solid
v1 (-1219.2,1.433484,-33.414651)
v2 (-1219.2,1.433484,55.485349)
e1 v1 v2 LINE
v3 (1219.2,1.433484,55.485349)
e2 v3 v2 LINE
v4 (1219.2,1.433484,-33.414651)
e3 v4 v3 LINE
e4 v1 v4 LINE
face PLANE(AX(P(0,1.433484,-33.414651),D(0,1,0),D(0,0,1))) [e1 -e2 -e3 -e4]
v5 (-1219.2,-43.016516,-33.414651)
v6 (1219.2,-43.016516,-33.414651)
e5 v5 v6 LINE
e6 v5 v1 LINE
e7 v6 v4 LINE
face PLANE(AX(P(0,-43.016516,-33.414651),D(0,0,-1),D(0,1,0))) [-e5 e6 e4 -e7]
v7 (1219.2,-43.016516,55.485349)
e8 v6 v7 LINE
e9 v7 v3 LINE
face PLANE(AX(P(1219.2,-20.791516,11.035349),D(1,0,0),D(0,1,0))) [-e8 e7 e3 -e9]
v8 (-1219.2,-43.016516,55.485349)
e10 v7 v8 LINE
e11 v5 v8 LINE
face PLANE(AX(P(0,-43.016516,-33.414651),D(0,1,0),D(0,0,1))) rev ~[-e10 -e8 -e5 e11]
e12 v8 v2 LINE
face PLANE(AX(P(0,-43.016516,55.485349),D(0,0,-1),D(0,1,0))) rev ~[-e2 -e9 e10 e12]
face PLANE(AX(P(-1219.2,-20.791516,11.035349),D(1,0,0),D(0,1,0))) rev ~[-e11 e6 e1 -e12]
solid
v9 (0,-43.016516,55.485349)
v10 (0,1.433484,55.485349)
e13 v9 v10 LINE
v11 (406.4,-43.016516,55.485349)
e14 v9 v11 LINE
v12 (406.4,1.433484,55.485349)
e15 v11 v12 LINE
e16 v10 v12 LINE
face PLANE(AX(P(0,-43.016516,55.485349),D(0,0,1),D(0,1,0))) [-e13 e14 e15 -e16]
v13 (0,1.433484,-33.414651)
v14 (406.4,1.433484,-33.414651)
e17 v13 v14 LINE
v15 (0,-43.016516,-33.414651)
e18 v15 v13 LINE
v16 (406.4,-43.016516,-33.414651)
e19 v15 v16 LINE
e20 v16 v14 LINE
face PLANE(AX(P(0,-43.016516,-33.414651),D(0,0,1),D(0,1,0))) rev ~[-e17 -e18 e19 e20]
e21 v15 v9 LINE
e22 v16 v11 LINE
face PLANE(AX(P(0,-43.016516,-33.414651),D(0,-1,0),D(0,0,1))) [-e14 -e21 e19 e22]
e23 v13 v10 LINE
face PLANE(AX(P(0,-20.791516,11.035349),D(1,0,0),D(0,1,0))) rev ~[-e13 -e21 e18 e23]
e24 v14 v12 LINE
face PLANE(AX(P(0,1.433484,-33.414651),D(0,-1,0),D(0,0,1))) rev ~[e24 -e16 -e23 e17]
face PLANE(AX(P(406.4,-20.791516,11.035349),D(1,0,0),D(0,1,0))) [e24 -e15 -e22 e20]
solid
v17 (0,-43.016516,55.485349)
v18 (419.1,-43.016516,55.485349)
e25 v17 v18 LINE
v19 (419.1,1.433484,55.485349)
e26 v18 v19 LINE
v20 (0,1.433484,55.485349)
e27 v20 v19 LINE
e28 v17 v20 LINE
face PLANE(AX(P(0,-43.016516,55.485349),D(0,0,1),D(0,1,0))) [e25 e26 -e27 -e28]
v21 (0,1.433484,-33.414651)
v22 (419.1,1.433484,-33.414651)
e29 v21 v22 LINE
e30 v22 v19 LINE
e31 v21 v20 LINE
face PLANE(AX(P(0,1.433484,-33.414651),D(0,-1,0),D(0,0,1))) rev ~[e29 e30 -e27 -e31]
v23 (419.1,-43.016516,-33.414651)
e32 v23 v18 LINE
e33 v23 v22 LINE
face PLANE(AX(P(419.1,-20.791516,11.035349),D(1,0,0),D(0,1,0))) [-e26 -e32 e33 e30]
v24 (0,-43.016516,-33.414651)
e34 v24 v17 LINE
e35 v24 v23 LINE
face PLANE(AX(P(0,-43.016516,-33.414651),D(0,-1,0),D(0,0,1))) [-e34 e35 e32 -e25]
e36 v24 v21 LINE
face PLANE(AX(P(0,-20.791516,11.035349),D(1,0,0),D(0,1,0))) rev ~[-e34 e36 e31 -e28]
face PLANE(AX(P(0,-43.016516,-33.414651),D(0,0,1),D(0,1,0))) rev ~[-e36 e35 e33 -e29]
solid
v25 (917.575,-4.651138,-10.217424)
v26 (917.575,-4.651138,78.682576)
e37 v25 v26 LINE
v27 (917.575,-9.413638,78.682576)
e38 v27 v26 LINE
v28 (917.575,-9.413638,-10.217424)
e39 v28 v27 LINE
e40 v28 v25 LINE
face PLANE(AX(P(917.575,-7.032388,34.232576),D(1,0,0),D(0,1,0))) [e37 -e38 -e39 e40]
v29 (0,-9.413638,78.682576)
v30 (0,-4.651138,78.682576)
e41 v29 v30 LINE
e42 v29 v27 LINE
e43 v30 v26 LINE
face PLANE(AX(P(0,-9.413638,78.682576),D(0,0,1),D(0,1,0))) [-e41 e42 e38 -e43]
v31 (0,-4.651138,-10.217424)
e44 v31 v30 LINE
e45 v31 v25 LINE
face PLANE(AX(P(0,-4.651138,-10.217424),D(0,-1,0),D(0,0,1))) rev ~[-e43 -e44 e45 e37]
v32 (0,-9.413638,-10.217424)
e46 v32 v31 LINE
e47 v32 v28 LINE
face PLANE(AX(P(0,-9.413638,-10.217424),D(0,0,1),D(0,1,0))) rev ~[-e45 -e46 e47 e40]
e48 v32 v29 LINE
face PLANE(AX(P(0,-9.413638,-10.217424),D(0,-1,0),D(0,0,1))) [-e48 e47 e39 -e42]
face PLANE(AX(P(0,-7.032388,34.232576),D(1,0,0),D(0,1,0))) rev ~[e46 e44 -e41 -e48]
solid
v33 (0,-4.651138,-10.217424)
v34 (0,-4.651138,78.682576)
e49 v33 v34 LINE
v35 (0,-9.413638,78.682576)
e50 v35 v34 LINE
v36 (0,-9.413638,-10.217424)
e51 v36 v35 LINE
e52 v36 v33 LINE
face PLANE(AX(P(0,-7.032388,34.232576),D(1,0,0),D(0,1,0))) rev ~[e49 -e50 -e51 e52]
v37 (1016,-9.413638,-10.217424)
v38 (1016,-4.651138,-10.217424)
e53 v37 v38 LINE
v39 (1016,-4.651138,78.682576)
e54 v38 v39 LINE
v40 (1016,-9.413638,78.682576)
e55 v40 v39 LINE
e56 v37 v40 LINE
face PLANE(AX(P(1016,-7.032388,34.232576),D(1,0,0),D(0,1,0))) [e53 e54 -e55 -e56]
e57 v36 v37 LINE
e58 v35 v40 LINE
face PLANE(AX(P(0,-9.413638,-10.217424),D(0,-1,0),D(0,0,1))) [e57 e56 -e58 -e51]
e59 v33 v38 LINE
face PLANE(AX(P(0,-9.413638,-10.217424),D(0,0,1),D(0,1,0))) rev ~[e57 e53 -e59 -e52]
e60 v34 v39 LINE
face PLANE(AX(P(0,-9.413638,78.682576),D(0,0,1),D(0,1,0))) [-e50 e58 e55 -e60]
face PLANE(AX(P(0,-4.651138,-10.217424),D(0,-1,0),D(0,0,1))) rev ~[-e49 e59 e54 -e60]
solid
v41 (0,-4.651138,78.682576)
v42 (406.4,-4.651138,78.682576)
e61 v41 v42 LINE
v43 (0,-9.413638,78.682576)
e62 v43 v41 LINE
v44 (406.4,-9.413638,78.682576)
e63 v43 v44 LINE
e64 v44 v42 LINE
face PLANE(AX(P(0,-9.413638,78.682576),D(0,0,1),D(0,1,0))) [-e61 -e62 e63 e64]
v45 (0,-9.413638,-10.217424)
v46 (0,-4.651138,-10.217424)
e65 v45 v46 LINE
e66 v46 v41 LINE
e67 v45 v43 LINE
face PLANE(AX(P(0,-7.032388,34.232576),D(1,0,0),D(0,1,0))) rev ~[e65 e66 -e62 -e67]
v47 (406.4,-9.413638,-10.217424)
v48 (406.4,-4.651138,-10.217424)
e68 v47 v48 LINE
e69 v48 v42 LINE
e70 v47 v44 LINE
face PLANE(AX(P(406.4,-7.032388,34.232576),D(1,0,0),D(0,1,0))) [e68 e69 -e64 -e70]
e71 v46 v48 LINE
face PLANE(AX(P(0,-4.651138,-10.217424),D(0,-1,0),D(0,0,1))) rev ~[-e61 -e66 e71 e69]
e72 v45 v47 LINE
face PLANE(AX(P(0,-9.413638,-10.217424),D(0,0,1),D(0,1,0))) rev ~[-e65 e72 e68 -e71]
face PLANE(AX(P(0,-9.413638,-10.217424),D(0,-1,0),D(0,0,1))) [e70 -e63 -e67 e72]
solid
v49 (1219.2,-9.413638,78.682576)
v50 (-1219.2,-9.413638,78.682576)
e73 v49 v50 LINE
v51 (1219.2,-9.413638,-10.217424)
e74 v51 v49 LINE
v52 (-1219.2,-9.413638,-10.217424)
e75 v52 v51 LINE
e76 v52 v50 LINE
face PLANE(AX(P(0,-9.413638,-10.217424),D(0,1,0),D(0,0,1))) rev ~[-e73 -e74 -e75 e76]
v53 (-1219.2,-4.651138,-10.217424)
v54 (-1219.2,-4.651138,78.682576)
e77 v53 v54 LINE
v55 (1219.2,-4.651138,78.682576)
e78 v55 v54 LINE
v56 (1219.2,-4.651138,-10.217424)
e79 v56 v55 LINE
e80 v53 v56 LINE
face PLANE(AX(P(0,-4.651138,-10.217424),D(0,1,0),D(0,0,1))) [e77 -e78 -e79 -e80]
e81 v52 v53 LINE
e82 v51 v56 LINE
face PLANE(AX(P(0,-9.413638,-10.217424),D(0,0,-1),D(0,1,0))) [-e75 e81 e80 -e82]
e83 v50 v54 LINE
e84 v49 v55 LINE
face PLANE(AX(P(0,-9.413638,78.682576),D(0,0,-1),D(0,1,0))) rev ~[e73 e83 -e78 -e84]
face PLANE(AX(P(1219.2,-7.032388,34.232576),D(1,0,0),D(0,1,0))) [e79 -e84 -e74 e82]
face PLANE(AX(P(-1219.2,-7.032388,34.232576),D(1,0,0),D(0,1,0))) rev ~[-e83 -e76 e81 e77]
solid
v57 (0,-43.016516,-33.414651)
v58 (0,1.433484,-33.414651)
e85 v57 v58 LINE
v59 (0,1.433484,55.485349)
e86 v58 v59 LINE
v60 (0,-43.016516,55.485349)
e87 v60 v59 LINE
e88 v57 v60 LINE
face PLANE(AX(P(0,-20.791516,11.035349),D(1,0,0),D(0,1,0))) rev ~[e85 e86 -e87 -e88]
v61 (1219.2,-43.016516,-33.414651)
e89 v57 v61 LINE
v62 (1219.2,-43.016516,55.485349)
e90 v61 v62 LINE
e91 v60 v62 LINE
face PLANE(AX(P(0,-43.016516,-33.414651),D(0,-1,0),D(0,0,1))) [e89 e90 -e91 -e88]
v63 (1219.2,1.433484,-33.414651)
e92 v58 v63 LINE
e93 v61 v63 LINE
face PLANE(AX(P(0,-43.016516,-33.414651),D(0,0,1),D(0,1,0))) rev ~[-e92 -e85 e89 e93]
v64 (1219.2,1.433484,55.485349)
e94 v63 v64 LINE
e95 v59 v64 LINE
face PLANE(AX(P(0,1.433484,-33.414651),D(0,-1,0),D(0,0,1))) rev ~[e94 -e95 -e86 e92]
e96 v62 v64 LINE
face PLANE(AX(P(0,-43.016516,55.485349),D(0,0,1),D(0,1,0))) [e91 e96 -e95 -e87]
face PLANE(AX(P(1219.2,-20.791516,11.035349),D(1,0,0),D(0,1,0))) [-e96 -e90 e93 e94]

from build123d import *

# Parameters (mm, degrees)
F0_W     = 4.7625
F0_H     = 88.9
F1_DEPTH = 1219.2
F2_W     = 44.45
F2_H     = 88.9
F3_DEPTH = 1219.2
F4_DEPTH = 1219.2
F5_DEPTH = 1016
F6_DEPTH = 406.4
F7_DEPTH = 917.575
F8_DEPTH = 419.1
F9_DEPTH = 406.4


with BuildPart() as f1:
    # F0 (on Right) → F1 (new body, symmetric)
    with BuildSketch(Plane.YZ):
        with Locations((-7.032388, 34.232576)):
            Rectangle(F0_W, F0_H)
    extrude(amount=F1_DEPTH, both=True)


with BuildPart() as f3:
    # F2 (on Right) → F3 (new body, symmetric)
    with BuildSketch(Plane.YZ):
        with Locations((-20.791516, 11.035349)):
            Rectangle(F2_W, F2_H)
    extrude(amount=F3_DEPTH, both=True)


with BuildPart() as f4:
    # F2 (on Right) → F4 (new body)
    with BuildSketch(Plane.YZ):
        with Locations((-20.791516, 11.035349)):
            Rectangle(F2_W, F2_H)
    extrude(amount=F4_DEPTH)


with BuildPart() as f5:
    # F0 (on Right) → F5 (new body)
    with BuildSketch(Plane.YZ):
        with Locations((-7.032388, 34.232576)):
            Rectangle(F0_W, F0_H)
    extrude(amount=F5_DEPTH)


with BuildPart() as f6:
    # F0 (on Right) → F6 (new body)
    with BuildSketch(Plane.YZ):
        with Locations((-7.032388, 34.232576)):
            Rectangle(F0_W, F0_H)
    extrude(amount=F6_DEPTH)


with BuildPart() as f7:
    # F0 (on Right) → F7 (new body)
    with BuildSketch(Plane.YZ):
        with Locations((-7.032388, 34.232576)):
            Rectangle(F0_W, F0_H)
    extrude(amount=F7_DEPTH)


with BuildPart() as f8:
    # F2 (on Right) → F8 (new body)
    with BuildSketch(Plane.YZ):
        with Locations((-20.791516, 11.035349)):
            Rectangle(F2_W, F2_H)
    extrude(amount=F8_DEPTH)


with BuildPart() as f9:
    # F2 (on Right) → F9 (new body)
    with BuildSketch(Plane.YZ):
        with Locations((-20.791516, 11.035349)):
            Rectangle(F2_W, F2_H)
    extrude(amount=F9_DEPTH)


solid = Compound([f1.part, f3.part, f4.part, f5.part, f6.part, f7.part, f8.part, f9.part])
